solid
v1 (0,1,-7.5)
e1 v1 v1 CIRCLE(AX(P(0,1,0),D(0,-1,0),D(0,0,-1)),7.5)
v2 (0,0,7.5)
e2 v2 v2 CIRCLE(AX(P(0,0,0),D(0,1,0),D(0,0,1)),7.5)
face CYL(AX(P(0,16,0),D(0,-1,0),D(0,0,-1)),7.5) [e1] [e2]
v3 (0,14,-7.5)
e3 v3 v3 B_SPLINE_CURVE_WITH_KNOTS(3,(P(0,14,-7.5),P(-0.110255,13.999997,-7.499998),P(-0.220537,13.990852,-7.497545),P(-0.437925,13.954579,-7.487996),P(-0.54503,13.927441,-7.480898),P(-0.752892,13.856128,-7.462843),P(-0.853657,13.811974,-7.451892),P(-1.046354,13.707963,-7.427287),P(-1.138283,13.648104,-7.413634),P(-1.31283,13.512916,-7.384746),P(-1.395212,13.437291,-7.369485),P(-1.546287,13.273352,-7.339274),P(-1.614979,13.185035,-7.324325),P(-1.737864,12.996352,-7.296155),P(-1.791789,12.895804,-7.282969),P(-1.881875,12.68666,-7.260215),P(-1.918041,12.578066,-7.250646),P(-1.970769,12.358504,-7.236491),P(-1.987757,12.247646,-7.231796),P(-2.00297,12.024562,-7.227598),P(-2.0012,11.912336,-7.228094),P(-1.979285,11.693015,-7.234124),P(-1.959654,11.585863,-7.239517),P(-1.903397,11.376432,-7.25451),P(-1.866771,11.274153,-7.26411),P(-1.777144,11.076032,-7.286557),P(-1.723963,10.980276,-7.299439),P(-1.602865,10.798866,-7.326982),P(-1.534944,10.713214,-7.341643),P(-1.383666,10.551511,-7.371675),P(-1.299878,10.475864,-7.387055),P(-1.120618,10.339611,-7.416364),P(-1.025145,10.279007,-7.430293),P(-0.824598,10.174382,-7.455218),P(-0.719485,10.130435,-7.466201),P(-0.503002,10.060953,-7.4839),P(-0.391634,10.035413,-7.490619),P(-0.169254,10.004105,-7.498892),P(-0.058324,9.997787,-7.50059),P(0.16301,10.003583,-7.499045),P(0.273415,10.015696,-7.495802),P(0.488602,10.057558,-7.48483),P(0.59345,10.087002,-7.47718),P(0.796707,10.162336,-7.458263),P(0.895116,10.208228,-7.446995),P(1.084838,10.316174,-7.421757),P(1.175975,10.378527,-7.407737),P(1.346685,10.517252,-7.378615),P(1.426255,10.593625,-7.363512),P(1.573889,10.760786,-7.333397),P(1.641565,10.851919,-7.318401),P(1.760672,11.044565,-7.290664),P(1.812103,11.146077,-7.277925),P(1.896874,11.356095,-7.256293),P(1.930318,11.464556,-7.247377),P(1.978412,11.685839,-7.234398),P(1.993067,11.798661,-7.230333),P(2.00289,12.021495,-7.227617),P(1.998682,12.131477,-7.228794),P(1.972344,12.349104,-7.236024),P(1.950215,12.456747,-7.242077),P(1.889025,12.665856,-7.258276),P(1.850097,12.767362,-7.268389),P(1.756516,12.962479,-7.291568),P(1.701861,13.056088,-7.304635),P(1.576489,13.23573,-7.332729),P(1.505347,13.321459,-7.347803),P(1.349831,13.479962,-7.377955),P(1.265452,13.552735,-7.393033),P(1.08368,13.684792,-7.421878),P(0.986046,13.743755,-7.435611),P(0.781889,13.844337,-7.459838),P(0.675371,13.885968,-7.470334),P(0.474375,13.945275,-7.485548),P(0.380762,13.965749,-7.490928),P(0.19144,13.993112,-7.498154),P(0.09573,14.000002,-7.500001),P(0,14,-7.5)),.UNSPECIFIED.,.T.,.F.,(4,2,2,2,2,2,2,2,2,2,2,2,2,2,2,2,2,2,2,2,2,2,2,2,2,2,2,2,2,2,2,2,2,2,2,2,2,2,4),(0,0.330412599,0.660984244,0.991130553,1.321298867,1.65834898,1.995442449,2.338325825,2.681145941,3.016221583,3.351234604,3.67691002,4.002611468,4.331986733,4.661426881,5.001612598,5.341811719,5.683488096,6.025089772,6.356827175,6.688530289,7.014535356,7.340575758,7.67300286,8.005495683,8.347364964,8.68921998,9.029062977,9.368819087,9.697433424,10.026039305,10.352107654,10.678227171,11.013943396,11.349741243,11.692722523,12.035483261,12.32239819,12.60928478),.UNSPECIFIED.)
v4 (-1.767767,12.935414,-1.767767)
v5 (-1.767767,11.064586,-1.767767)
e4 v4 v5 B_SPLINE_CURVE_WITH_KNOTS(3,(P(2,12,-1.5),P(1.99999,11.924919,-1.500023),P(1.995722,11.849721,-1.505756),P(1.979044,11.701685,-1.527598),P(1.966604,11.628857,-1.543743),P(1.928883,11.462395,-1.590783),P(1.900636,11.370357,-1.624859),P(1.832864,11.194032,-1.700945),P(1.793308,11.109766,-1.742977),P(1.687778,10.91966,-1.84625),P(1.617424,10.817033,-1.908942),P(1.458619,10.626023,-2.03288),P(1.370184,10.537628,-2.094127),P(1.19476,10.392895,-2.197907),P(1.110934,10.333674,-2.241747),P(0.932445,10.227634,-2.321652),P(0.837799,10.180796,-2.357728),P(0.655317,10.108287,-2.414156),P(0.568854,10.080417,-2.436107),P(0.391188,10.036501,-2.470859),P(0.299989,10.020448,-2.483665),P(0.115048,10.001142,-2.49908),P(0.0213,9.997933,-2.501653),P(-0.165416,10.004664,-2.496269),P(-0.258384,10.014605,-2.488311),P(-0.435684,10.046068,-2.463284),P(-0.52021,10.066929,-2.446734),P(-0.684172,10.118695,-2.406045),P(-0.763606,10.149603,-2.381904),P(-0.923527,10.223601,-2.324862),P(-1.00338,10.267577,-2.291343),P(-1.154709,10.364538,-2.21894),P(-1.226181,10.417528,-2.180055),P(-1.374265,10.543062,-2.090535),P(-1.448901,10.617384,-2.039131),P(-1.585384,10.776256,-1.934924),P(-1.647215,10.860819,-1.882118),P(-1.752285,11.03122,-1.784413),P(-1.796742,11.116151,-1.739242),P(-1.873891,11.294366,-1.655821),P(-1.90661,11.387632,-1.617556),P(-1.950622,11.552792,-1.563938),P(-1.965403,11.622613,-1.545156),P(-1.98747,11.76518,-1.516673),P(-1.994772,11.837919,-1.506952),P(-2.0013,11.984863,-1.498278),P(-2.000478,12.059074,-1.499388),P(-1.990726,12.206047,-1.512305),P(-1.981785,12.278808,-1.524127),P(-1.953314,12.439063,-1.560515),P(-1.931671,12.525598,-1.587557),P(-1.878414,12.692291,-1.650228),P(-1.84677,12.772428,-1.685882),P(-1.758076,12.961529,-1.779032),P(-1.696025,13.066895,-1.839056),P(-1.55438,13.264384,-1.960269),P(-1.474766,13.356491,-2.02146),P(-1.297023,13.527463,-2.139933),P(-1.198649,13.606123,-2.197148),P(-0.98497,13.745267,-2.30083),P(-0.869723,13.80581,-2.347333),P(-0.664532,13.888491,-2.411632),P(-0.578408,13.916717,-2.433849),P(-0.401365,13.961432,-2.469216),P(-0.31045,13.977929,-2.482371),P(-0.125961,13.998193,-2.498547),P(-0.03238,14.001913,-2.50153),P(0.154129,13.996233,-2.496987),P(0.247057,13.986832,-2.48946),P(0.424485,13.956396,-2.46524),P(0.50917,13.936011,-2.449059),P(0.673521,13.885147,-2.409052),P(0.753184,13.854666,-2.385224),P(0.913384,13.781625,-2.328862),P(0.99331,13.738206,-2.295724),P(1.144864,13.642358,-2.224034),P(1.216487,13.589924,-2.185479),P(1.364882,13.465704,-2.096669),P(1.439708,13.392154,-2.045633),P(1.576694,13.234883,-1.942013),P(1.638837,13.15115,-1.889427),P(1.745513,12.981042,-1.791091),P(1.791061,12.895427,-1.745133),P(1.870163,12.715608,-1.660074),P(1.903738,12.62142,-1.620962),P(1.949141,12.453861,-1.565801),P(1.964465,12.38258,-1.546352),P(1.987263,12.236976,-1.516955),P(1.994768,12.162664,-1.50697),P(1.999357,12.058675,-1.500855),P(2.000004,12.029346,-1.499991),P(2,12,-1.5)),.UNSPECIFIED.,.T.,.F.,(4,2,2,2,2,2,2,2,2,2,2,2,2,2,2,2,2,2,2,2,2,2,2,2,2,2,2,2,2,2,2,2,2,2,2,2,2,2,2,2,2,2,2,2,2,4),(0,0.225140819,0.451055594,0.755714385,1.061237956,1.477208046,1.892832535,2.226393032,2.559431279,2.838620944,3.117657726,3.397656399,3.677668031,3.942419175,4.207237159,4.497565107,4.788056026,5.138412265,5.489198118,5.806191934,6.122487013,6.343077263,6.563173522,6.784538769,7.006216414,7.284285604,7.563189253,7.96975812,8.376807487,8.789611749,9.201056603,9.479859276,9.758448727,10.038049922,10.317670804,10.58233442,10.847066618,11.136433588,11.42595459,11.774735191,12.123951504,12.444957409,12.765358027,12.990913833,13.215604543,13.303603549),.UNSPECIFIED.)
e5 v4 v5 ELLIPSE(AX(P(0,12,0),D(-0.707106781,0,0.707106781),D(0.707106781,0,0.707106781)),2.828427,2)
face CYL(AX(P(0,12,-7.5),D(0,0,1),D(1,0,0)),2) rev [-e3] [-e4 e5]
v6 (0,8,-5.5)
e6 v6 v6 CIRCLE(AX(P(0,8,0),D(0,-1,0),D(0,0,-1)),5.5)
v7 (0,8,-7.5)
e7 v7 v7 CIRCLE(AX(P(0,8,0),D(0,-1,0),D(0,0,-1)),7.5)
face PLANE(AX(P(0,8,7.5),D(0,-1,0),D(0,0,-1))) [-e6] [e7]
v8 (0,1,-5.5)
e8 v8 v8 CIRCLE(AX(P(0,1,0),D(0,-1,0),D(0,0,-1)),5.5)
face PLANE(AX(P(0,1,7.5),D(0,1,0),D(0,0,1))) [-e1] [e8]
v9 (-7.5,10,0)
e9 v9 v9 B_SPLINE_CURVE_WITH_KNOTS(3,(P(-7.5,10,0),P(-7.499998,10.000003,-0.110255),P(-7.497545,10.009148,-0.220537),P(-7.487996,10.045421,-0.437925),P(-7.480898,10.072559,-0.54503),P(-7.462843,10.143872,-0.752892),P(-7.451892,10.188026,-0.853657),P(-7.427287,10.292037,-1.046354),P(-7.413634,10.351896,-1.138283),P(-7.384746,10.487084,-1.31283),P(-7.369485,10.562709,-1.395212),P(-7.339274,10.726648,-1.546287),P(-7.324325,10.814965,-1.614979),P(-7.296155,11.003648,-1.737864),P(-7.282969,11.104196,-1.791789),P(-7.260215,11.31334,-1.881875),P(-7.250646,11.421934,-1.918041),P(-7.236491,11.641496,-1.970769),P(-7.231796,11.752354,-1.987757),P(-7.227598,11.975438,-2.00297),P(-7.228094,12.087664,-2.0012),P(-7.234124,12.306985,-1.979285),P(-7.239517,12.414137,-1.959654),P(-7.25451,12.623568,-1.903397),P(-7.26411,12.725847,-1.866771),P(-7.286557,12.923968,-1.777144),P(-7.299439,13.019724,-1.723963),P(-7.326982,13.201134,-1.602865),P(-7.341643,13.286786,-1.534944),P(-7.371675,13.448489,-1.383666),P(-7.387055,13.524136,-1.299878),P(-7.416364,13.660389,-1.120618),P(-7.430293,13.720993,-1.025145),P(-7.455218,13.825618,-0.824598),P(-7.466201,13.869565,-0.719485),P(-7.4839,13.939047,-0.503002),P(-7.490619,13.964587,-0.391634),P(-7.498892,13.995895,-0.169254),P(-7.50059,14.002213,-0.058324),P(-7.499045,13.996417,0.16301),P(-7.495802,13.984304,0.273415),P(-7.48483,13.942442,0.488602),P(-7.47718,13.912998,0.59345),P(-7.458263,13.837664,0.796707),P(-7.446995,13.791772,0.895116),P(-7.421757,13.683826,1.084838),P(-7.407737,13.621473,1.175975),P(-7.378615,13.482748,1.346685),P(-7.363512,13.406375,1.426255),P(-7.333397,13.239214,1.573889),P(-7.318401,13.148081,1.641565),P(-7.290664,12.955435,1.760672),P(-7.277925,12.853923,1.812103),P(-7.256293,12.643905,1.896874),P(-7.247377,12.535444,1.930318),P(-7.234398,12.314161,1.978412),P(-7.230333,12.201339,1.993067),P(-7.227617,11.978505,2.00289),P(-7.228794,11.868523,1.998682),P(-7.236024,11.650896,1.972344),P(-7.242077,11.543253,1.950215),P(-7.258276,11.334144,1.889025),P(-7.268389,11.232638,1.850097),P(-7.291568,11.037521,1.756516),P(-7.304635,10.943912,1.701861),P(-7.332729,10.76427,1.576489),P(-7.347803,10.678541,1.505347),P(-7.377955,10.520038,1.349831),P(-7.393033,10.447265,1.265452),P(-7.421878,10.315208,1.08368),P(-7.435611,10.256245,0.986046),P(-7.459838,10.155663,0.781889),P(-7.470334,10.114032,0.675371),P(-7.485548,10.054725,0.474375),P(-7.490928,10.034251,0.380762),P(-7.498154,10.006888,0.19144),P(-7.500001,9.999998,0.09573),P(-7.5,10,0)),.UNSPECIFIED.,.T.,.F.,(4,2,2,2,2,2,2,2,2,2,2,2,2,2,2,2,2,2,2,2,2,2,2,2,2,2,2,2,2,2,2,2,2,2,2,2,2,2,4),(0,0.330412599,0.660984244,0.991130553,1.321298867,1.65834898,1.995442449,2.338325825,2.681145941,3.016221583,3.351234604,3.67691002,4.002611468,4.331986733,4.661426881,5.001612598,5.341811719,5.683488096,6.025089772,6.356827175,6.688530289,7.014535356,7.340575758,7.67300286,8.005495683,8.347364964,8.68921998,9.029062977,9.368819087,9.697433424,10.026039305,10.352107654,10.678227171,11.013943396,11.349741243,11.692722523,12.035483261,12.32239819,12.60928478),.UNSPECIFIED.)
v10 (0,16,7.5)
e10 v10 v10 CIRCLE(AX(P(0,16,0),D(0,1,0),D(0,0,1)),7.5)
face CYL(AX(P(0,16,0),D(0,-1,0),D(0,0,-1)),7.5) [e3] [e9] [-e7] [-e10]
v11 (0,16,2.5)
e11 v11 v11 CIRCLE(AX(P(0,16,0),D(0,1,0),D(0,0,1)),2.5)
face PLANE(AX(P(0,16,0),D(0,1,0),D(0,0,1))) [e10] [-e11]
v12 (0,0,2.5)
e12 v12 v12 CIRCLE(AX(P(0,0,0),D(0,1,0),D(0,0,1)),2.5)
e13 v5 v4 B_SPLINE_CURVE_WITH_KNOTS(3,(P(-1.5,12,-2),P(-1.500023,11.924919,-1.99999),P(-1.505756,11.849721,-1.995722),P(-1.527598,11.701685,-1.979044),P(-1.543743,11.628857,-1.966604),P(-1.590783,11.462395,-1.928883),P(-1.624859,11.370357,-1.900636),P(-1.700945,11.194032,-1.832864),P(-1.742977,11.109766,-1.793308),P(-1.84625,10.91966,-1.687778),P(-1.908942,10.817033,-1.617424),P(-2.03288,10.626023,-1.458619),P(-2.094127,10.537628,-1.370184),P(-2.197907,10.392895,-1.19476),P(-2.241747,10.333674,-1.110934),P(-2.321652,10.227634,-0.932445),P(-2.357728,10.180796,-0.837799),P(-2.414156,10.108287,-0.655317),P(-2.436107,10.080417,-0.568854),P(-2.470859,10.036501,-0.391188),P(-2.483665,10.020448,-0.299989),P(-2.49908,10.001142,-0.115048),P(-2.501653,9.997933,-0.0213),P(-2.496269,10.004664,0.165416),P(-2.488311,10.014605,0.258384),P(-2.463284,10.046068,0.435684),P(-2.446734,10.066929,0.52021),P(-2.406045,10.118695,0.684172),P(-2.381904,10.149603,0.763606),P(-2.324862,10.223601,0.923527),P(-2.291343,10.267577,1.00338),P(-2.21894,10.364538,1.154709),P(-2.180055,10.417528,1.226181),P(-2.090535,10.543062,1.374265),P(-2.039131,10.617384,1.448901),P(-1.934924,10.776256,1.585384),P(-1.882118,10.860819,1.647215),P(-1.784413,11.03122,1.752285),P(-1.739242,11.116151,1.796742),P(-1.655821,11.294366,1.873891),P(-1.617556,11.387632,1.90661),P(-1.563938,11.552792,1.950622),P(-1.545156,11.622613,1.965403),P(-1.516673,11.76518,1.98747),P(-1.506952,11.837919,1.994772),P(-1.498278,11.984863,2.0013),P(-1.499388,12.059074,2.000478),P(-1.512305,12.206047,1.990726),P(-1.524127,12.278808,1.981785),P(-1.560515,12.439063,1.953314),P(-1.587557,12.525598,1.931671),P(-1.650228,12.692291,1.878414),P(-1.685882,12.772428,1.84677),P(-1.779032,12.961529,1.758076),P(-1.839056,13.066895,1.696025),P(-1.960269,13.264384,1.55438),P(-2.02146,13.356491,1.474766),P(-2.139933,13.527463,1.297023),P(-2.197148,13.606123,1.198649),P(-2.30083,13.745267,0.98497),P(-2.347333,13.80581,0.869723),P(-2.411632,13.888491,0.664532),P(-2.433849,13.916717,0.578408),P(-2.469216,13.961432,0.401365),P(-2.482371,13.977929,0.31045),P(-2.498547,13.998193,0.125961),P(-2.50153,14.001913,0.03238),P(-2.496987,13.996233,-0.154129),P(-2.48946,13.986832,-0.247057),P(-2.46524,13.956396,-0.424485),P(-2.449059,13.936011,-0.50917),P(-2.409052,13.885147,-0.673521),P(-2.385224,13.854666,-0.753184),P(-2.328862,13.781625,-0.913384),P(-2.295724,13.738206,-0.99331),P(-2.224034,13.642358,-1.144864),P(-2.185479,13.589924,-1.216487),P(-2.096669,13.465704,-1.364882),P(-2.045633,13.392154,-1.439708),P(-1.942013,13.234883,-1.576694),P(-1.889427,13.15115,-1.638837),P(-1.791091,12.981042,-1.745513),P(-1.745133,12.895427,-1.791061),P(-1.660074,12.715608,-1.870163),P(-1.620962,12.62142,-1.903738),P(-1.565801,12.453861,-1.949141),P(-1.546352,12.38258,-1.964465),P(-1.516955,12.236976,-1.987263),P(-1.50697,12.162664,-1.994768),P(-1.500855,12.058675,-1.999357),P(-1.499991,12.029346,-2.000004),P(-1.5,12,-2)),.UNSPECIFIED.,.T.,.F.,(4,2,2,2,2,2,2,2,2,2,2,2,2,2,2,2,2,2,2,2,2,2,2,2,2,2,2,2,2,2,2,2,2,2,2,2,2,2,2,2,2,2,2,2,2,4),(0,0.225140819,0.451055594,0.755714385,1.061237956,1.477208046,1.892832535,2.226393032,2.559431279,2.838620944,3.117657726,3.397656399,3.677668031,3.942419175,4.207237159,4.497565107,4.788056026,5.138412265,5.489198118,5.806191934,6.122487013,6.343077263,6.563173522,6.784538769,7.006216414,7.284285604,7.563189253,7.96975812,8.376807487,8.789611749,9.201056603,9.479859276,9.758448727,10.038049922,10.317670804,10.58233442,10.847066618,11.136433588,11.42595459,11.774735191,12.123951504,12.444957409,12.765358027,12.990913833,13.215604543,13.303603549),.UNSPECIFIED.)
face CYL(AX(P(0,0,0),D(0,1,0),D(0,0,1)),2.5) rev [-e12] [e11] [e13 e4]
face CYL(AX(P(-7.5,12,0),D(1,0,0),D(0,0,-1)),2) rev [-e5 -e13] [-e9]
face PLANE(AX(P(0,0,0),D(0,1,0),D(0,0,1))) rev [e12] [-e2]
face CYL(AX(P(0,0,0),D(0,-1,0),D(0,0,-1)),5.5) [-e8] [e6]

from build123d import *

# Parameters (mm, degrees)
ESQUISSE1_R                  = 7.5
BOSS_EXTRU_1_DEPTH           = 16
ESQUISSE2_W                  = 2
ESQUISSE2_H                  = 7
ESQUISSE3_R                  = 2.5
ENL_V_MAT_EXTRU_1_DEPTH      = 16
ESQUISSE4_R                  = 2
ENL_V_MAT_EXTRU_2_DEPTH      = 20.19635382
R_P_TITION_CIRCULAIRE1_COUNT = 2
R_P_TITION_CIRCULAIRE1_ANGLE = 90


with BuildPart() as part:
    # Esquisse1 → Boss.-Extru.1 (new body)
    with BuildSketch(Plane(origin=(0, 0, 0), x_dir=(1, 0, 0), z_dir=(0, 1, 0))):
        with Locations(Location((0, 0, 0), (0, 0, 270))):
            Circle(ESQUISSE1_R)
    extrude(amount=BOSS_EXTRU_1_DEPTH)

    # Esquisse2 → Enlèvement de matière-Révolution1 (revolve, cut)
    with BuildSketch(Plane(origin=(0, 0, 0), x_dir=(0, 0, -1), z_dir=(1, 0, 0)), mode=Mode.PRIVATE) as enl_vement_de_mati_re_r_volution1_sk:
        with Locations((-6.5, 4.5)):
            Rectangle(ESQUISSE2_W, ESQUISSE2_H)
    revolve(enl_vement_de_mati_re_r_volution1_sk.sketch.rotate(Axis((0, 0, 0), (0, 1, 0)), 180), axis=Axis((0, 0, 0), (0, 1, 0)), mode=Mode.SUBTRACT)

    # Esquisse3 → Enlèv. mat.-Extru.1 (cut)
    with BuildSketch(Plane(origin=(0, 16, 0), x_dir=(1, 0, 0), z_dir=(0, 1, 0))):
        with Locations(Location((0, 0, 0), (0, 0, 270))):
            Circle(ESQUISSE3_R)
    extrude(amount=-ENL_V_MAT_EXTRU_1_DEPTH, mode=Mode.SUBTRACT)

    # Esquisse4 → Enlèv. mat.-Extru.2 (cut, through all)
    with BuildSketch(Plane.XY):
        with Locations((0, 12)):
            Circle(ESQUISSE4_R)
    enl_v_mat_extru_2 = extrude(amount=-ENL_V_MAT_EXTRU_2_DEPTH, mode=Mode.SUBTRACT)

    # Répétition circulaire1: Enlèv. mat.-Extru.2 ×2 about axis
    r_p_tition_circulaire1_axis = Axis((0, 16, 0), (0, 1, 0))
    for i in range(1, R_P_TITION_CIRCULAIRE1_COUNT):
        add(enl_v_mat_extru_2.rotate(r_p_tition_circulaire1_axis, i * R_P_TITION_CIRCULAIRE1_ANGLE / (R_P_TITION_CIRCULAIRE1_COUNT - 1)), mode=Mode.SUBTRACT)


solid = part.part
